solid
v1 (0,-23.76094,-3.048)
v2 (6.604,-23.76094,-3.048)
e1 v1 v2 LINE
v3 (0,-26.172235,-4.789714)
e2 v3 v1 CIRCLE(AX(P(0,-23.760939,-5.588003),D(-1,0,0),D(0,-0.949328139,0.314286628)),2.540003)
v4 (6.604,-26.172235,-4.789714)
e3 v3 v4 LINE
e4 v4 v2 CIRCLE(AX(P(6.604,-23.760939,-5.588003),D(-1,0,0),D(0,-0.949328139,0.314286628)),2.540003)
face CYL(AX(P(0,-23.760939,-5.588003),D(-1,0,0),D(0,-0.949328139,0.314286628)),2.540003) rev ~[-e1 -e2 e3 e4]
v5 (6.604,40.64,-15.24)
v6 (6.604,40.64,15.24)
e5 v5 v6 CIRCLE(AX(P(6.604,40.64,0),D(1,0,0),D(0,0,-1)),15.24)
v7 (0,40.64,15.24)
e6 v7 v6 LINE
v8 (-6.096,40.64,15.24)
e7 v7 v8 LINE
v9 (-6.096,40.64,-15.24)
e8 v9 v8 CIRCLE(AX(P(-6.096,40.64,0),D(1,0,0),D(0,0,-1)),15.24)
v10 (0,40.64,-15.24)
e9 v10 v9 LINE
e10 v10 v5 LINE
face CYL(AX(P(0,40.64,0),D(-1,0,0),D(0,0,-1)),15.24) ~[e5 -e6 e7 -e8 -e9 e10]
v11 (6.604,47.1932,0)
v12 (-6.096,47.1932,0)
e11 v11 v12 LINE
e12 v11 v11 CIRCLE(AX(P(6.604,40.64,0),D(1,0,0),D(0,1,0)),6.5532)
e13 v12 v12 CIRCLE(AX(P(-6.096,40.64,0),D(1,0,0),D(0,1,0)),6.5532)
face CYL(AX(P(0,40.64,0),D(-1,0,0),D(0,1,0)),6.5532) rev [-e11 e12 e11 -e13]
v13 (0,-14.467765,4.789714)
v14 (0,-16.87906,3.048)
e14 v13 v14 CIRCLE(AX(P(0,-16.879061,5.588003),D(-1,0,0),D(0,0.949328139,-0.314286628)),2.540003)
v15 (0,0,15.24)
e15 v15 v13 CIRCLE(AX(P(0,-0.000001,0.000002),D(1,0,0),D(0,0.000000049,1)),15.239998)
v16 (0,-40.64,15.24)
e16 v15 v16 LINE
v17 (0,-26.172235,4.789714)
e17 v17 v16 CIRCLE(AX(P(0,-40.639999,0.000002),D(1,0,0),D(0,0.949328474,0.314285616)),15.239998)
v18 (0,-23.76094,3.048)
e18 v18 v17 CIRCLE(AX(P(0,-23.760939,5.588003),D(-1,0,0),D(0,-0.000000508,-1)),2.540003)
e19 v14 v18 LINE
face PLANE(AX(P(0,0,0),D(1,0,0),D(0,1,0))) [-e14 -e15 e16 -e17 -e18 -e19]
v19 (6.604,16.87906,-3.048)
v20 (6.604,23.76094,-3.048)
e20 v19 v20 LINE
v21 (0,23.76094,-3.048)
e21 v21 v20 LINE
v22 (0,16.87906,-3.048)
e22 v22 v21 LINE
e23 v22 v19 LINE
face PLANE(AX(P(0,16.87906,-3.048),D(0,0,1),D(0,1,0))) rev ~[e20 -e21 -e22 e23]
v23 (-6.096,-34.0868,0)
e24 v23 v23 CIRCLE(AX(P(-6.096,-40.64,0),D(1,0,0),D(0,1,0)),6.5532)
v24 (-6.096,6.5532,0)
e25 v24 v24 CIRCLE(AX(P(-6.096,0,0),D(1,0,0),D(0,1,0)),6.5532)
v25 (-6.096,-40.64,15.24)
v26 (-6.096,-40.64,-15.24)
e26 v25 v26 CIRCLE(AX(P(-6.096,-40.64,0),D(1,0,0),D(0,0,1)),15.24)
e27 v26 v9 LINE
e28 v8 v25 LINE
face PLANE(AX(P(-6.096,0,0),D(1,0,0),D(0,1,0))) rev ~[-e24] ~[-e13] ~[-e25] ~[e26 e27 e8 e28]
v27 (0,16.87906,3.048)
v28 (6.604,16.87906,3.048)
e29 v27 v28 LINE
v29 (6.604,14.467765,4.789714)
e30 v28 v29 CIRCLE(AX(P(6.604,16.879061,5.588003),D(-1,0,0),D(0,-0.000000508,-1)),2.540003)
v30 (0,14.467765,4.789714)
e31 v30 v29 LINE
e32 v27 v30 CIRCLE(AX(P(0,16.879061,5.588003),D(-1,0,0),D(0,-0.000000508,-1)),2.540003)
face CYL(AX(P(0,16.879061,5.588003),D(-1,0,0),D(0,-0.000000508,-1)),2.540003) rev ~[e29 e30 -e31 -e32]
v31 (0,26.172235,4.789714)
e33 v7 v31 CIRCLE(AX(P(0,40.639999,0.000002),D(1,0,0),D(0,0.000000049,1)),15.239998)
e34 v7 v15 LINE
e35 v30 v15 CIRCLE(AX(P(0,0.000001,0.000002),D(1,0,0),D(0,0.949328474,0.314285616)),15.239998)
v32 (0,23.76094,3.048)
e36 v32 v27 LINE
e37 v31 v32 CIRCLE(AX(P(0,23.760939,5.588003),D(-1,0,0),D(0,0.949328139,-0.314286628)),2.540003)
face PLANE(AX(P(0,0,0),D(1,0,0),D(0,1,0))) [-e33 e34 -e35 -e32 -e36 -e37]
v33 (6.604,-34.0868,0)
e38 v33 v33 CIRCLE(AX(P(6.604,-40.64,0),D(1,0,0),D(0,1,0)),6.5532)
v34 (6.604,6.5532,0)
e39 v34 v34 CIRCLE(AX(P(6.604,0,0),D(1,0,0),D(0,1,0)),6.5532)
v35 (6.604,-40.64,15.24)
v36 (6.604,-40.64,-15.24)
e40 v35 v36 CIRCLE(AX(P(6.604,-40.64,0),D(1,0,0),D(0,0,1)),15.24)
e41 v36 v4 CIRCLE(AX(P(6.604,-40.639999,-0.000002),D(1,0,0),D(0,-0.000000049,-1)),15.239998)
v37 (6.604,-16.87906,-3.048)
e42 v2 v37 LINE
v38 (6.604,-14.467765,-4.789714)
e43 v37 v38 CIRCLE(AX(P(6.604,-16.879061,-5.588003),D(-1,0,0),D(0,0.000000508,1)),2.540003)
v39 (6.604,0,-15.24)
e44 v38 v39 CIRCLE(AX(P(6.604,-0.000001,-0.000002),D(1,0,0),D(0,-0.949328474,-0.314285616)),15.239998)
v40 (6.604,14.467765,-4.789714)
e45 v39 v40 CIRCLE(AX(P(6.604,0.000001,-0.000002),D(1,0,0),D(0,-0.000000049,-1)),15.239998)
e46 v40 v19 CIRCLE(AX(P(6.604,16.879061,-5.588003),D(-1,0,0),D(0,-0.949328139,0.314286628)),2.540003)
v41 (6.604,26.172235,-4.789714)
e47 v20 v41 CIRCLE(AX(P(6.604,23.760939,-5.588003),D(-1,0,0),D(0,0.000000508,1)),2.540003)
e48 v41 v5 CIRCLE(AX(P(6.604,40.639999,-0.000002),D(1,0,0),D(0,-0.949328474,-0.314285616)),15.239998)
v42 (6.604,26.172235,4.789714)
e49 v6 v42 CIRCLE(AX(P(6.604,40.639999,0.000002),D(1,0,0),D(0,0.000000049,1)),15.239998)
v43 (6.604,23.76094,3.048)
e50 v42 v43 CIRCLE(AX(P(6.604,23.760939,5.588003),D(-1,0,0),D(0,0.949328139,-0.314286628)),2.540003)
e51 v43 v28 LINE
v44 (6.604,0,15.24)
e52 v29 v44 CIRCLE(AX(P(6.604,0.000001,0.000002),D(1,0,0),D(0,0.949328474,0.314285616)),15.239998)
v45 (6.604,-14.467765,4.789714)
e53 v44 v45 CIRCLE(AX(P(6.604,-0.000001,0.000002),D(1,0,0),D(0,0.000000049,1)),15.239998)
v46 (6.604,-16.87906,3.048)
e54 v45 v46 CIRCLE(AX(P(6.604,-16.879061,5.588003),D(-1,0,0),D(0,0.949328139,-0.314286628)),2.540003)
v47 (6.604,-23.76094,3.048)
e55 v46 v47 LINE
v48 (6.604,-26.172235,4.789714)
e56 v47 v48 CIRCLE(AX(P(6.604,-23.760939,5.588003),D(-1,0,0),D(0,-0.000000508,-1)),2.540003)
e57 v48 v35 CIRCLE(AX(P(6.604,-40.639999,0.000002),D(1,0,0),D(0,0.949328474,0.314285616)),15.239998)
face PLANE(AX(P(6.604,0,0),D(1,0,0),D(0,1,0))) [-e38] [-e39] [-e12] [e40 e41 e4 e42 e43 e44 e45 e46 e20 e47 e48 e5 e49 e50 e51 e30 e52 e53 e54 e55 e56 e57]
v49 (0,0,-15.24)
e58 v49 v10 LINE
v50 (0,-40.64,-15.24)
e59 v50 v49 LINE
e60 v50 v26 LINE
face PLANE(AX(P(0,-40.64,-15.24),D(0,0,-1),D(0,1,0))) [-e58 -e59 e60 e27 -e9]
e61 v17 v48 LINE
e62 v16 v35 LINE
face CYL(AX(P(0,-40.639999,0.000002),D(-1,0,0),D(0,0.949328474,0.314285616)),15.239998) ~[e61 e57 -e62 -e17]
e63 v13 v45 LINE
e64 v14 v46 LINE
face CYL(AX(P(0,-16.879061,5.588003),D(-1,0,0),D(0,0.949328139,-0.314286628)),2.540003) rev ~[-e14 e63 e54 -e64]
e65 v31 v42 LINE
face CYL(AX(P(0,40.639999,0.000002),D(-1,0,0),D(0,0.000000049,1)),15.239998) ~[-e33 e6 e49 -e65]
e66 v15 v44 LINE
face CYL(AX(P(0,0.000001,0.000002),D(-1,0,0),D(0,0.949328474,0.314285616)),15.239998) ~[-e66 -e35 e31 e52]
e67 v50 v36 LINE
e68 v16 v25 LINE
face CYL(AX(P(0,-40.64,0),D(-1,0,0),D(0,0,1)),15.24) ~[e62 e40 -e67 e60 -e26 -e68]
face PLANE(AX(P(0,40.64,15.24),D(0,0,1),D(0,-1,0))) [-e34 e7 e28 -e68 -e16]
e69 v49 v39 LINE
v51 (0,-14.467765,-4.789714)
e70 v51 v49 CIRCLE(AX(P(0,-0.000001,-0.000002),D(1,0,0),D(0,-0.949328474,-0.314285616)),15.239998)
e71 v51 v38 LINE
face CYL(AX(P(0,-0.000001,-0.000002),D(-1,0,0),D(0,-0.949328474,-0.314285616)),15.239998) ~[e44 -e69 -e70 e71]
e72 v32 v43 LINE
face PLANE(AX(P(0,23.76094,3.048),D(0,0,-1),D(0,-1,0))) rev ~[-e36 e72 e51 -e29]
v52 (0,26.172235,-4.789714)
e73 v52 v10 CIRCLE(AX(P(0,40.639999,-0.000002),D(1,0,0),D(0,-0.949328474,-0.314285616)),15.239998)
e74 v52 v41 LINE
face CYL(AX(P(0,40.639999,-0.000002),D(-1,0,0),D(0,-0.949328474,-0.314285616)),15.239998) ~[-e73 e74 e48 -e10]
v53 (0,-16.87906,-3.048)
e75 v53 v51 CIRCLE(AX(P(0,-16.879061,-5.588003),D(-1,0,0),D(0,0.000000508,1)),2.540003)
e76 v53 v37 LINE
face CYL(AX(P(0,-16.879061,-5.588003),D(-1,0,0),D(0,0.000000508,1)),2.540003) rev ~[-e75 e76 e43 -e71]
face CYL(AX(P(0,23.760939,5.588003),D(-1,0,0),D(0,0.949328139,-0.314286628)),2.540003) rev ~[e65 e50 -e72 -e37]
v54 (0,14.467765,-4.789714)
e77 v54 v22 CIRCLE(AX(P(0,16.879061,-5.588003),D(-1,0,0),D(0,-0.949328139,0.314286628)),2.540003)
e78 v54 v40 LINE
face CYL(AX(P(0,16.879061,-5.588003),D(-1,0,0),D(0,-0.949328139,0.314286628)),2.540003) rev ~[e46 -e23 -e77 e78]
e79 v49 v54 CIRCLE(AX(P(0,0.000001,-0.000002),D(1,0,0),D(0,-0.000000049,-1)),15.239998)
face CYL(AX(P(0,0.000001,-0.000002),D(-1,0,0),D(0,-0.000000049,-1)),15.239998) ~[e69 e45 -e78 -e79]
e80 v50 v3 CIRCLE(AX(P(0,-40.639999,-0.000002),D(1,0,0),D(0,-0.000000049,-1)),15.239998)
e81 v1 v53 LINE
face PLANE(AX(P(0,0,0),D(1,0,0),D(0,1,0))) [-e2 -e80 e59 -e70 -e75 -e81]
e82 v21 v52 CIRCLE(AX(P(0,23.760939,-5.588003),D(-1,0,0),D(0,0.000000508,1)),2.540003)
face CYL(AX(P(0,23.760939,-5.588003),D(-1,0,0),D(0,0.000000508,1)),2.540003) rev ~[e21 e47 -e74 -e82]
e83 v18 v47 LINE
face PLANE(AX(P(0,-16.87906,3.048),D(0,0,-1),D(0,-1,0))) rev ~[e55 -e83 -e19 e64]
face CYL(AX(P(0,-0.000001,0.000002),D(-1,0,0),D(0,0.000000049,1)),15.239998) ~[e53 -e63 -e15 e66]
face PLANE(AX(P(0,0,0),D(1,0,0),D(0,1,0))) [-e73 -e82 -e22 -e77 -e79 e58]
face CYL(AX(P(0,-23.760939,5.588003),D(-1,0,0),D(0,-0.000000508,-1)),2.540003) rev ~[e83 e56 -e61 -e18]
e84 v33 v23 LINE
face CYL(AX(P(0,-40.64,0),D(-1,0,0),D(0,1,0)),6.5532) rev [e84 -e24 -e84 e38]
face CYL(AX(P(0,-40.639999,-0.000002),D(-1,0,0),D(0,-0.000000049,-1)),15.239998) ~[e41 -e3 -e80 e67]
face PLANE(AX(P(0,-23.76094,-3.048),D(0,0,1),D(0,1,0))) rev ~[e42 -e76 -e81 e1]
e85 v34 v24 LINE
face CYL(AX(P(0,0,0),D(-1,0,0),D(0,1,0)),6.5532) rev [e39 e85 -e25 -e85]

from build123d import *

# Parameters (mm, degrees)
F0_R     = 6.5532
F1_DEPTH = 6.096
F2_DEPTH = 6.604


with BuildPart() as f1:
    # F0 (on Right) → F1 (new body)
    with BuildSketch(Plane.YZ):
        with BuildLine():
            ThreePointArc((-23.76094, 3.048), (-25.248212, 3.528966), (-26.172235, 4.789714))
            ThreePointArc((-26.172235, 4.789714), (-31.71637, 12.354207), (-40.64, 15.24))
            ThreePointArc((-40.64, 15.24), (-55.88, 0), (-40.64, -15.24))
            ThreePointArc((-40.64, -15.24), (-31.71637, -12.354207), (-26.172235, -4.789714))
            ThreePointArc((-26.172235, -4.789714), (-25.248212, -3.528966), (-23.76094, -3.048))
            Line((-23.76094, -3.048), (-16.87906, -3.048))
            ThreePointArc((-16.87906, -3.048), (-15.391788, -3.528966), (-14.467765, -4.789714))
            ThreePointArc((-14.467765, -4.789714), (-8.92363, -12.354207), (0, -15.24))
            ThreePointArc((0, -15.24), (8.92363, -12.354207), (14.467765, -4.789714))
            ThreePointArc((14.467765, -4.789714), (15.391788, -3.528966), (16.87906, -3.048))
            Line((16.87906, -3.048), (23.76094, -3.048))
            ThreePointArc((23.76094, -3.048), (25.248212, -3.528966), (26.172235, -4.789714))
            ThreePointArc((26.172235, -4.789714), (31.71637, -12.354207), (40.64, -15.24))
            ThreePointArc((40.64, -15.24), (55.88, 0), (40.64, 15.24))
            ThreePointArc((40.64, 15.24), (31.71637, 12.354207), (26.172235, 4.789714))
            ThreePointArc((26.172235, 4.789714), (25.248212, 3.528966), (23.76094, 3.048))
            Line((23.76094, 3.048), (16.87906, 3.048))
            ThreePointArc((16.87906, 3.048), (15.391788, 3.528966), (14.467765, 4.789714))
            ThreePointArc((14.467765, 4.789714), (8.92363, 12.354207), (0, 15.24))
            ThreePointArc((0, 15.24), (-8.92363, 12.354207), (-14.467765, 4.789714))
            ThreePointArc((-14.467765, 4.789714), (-15.391788, 3.528966), (-16.87906, 3.048))
            Line((-16.87906, 3.048), (-23.76094, 3.048))
        make_face()
        with Locations((-40.64, 0)):
            Circle(F0_R, mode=Mode.SUBTRACT)
        Circle(F0_R, mode=Mode.SUBTRACT)
        with Locations((40.64, 0)):
            Circle(F0_R, mode=Mode.SUBTRACT)
        with BuildLine():
            ThreePointArc((-40.64, 15.24), (-31.71637, 12.354207), (-26.172235, 4.789714))
            ThreePointArc((-26.172235, 4.789714), (-25.248212, 3.528966), (-23.76094, 3.048))
            Line((-23.76094, 3.048), (-16.87906, 3.048))
            ThreePointArc((-16.87906, 3.048), (-15.391788, 3.528966), (-14.467765, 4.789714))
            ThreePointArc((-14.467765, 4.789714), (-8.92363, 12.354207), (0, 15.24))
            Line((0, 15.24), (-40.64, 15.24))
        make_face()
        with BuildLine():
            ThreePointArc((-26.172235, -4.789714), (-31.71637, -12.354207), (-40.64, -15.24))
            Line((-40.64, -15.24), (0, -15.24))
            ThreePointArc((0, -15.24), (-8.92363, -12.354207), (-14.467765, -4.789714))
            ThreePointArc((-14.467765, -4.789714), (-15.391788, -3.528966), (-16.87906, -3.048))
            Line((-16.87906, -3.048), (-23.76094, -3.048))
            ThreePointArc((-23.76094, -3.048), (-25.248212, -3.528966), (-26.172235, -4.789714))
        make_face()
        with BuildLine():
            Line((40.64, 15.24), (0, 15.24))
            ThreePointArc((0, 15.24), (8.92363, 12.354207), (14.467765, 4.789714))
            ThreePointArc((14.467765, 4.789714), (15.391788, 3.528966), (16.87906, 3.048))
            Line((16.87906, 3.048), (23.76094, 3.048))
            ThreePointArc((23.76094, 3.048), (25.248212, 3.528966), (26.172235, 4.789714))
            ThreePointArc((26.172235, 4.789714), (31.71637, 12.354207), (40.64, 15.24))
        make_face()
        with BuildLine():
            ThreePointArc((14.467765, -4.789714), (8.92363, -12.354207), (0, -15.24))
            Line((0, -15.24), (40.64, -15.24))
            ThreePointArc((40.64, -15.24), (31.71637, -12.354207), (26.172235, -4.789714))
            ThreePointArc((26.172235, -4.789714), (25.248212, -3.528966), (23.76094, -3.048))
            Line((23.76094, -3.048), (16.87906, -3.048))
            ThreePointArc((16.87906, -3.048), (15.391788, -3.528966), (14.467765, -4.789714))
        make_face()
    extrude(amount=-F1_DEPTH)

    # F0 (on Right) → F2 (join)
    with BuildSketch(Plane.YZ):
        with BuildLine():
            ThreePointArc((-23.76094, 3.048), (-25.248212, 3.528966), (-26.172235, 4.789714))
            ThreePointArc((-26.172235, 4.789714), (-31.71637, 12.354207), (-40.64, 15.24))
            ThreePointArc((-40.64, 15.24), (-55.88, 0), (-40.64, -15.24))
            ThreePointArc((-40.64, -15.24), (-31.71637, -12.354207), (-26.172235, -4.789714))
            ThreePointArc((-26.172235, -4.789714), (-25.248212, -3.528966), (-23.76094, -3.048))
            Line((-23.76094, -3.048), (-16.87906, -3.048))
            ThreePointArc((-16.87906, -3.048), (-15.391788, -3.528966), (-14.467765, -4.789714))
            ThreePointArc((-14.467765, -4.789714), (-8.92363, -12.354207), (0, -15.24))
            ThreePointArc((0, -15.24), (8.92363, -12.354207), (14.467765, -4.789714))
            ThreePointArc((14.467765, -4.789714), (15.391788, -3.528966), (16.87906, -3.048))
            Line((16.87906, -3.048), (23.76094, -3.048))
            ThreePointArc((23.76094, -3.048), (25.248212, -3.528966), (26.172235, -4.789714))
            ThreePointArc((26.172235, -4.789714), (31.71637, -12.354207), (40.64, -15.24))
            ThreePointArc((40.64, -15.24), (55.88, 0), (40.64, 15.24))
            ThreePointArc((40.64, 15.24), (31.71637, 12.354207), (26.172235, 4.789714))
            ThreePointArc((26.172235, 4.789714), (25.248212, 3.528966), (23.76094, 3.048))
            Line((23.76094, 3.048), (16.87906, 3.048))
            ThreePointArc((16.87906, 3.048), (15.391788, 3.528966), (14.467765, 4.789714))
            ThreePointArc((14.467765, 4.789714), (8.92363, 12.354207), (0, 15.24))
            ThreePointArc((0, 15.24), (-8.92363, 12.354207), (-14.467765, 4.789714))
            ThreePointArc((-14.467765, 4.789714), (-15.391788, 3.528966), (-16.87906, 3.048))
            Line((-16.87906, 3.048), (-23.76094, 3.048))
        make_face()
        with Locations((-40.64, 0)):
            Circle(F0_R, mode=Mode.SUBTRACT)
        Circle(F0_R, mode=Mode.SUBTRACT)
        with Locations((40.64, 0)):
            Circle(F0_R, mode=Mode.SUBTRACT)
    extrude(amount=F2_DEPTH)


solid = f1.part
